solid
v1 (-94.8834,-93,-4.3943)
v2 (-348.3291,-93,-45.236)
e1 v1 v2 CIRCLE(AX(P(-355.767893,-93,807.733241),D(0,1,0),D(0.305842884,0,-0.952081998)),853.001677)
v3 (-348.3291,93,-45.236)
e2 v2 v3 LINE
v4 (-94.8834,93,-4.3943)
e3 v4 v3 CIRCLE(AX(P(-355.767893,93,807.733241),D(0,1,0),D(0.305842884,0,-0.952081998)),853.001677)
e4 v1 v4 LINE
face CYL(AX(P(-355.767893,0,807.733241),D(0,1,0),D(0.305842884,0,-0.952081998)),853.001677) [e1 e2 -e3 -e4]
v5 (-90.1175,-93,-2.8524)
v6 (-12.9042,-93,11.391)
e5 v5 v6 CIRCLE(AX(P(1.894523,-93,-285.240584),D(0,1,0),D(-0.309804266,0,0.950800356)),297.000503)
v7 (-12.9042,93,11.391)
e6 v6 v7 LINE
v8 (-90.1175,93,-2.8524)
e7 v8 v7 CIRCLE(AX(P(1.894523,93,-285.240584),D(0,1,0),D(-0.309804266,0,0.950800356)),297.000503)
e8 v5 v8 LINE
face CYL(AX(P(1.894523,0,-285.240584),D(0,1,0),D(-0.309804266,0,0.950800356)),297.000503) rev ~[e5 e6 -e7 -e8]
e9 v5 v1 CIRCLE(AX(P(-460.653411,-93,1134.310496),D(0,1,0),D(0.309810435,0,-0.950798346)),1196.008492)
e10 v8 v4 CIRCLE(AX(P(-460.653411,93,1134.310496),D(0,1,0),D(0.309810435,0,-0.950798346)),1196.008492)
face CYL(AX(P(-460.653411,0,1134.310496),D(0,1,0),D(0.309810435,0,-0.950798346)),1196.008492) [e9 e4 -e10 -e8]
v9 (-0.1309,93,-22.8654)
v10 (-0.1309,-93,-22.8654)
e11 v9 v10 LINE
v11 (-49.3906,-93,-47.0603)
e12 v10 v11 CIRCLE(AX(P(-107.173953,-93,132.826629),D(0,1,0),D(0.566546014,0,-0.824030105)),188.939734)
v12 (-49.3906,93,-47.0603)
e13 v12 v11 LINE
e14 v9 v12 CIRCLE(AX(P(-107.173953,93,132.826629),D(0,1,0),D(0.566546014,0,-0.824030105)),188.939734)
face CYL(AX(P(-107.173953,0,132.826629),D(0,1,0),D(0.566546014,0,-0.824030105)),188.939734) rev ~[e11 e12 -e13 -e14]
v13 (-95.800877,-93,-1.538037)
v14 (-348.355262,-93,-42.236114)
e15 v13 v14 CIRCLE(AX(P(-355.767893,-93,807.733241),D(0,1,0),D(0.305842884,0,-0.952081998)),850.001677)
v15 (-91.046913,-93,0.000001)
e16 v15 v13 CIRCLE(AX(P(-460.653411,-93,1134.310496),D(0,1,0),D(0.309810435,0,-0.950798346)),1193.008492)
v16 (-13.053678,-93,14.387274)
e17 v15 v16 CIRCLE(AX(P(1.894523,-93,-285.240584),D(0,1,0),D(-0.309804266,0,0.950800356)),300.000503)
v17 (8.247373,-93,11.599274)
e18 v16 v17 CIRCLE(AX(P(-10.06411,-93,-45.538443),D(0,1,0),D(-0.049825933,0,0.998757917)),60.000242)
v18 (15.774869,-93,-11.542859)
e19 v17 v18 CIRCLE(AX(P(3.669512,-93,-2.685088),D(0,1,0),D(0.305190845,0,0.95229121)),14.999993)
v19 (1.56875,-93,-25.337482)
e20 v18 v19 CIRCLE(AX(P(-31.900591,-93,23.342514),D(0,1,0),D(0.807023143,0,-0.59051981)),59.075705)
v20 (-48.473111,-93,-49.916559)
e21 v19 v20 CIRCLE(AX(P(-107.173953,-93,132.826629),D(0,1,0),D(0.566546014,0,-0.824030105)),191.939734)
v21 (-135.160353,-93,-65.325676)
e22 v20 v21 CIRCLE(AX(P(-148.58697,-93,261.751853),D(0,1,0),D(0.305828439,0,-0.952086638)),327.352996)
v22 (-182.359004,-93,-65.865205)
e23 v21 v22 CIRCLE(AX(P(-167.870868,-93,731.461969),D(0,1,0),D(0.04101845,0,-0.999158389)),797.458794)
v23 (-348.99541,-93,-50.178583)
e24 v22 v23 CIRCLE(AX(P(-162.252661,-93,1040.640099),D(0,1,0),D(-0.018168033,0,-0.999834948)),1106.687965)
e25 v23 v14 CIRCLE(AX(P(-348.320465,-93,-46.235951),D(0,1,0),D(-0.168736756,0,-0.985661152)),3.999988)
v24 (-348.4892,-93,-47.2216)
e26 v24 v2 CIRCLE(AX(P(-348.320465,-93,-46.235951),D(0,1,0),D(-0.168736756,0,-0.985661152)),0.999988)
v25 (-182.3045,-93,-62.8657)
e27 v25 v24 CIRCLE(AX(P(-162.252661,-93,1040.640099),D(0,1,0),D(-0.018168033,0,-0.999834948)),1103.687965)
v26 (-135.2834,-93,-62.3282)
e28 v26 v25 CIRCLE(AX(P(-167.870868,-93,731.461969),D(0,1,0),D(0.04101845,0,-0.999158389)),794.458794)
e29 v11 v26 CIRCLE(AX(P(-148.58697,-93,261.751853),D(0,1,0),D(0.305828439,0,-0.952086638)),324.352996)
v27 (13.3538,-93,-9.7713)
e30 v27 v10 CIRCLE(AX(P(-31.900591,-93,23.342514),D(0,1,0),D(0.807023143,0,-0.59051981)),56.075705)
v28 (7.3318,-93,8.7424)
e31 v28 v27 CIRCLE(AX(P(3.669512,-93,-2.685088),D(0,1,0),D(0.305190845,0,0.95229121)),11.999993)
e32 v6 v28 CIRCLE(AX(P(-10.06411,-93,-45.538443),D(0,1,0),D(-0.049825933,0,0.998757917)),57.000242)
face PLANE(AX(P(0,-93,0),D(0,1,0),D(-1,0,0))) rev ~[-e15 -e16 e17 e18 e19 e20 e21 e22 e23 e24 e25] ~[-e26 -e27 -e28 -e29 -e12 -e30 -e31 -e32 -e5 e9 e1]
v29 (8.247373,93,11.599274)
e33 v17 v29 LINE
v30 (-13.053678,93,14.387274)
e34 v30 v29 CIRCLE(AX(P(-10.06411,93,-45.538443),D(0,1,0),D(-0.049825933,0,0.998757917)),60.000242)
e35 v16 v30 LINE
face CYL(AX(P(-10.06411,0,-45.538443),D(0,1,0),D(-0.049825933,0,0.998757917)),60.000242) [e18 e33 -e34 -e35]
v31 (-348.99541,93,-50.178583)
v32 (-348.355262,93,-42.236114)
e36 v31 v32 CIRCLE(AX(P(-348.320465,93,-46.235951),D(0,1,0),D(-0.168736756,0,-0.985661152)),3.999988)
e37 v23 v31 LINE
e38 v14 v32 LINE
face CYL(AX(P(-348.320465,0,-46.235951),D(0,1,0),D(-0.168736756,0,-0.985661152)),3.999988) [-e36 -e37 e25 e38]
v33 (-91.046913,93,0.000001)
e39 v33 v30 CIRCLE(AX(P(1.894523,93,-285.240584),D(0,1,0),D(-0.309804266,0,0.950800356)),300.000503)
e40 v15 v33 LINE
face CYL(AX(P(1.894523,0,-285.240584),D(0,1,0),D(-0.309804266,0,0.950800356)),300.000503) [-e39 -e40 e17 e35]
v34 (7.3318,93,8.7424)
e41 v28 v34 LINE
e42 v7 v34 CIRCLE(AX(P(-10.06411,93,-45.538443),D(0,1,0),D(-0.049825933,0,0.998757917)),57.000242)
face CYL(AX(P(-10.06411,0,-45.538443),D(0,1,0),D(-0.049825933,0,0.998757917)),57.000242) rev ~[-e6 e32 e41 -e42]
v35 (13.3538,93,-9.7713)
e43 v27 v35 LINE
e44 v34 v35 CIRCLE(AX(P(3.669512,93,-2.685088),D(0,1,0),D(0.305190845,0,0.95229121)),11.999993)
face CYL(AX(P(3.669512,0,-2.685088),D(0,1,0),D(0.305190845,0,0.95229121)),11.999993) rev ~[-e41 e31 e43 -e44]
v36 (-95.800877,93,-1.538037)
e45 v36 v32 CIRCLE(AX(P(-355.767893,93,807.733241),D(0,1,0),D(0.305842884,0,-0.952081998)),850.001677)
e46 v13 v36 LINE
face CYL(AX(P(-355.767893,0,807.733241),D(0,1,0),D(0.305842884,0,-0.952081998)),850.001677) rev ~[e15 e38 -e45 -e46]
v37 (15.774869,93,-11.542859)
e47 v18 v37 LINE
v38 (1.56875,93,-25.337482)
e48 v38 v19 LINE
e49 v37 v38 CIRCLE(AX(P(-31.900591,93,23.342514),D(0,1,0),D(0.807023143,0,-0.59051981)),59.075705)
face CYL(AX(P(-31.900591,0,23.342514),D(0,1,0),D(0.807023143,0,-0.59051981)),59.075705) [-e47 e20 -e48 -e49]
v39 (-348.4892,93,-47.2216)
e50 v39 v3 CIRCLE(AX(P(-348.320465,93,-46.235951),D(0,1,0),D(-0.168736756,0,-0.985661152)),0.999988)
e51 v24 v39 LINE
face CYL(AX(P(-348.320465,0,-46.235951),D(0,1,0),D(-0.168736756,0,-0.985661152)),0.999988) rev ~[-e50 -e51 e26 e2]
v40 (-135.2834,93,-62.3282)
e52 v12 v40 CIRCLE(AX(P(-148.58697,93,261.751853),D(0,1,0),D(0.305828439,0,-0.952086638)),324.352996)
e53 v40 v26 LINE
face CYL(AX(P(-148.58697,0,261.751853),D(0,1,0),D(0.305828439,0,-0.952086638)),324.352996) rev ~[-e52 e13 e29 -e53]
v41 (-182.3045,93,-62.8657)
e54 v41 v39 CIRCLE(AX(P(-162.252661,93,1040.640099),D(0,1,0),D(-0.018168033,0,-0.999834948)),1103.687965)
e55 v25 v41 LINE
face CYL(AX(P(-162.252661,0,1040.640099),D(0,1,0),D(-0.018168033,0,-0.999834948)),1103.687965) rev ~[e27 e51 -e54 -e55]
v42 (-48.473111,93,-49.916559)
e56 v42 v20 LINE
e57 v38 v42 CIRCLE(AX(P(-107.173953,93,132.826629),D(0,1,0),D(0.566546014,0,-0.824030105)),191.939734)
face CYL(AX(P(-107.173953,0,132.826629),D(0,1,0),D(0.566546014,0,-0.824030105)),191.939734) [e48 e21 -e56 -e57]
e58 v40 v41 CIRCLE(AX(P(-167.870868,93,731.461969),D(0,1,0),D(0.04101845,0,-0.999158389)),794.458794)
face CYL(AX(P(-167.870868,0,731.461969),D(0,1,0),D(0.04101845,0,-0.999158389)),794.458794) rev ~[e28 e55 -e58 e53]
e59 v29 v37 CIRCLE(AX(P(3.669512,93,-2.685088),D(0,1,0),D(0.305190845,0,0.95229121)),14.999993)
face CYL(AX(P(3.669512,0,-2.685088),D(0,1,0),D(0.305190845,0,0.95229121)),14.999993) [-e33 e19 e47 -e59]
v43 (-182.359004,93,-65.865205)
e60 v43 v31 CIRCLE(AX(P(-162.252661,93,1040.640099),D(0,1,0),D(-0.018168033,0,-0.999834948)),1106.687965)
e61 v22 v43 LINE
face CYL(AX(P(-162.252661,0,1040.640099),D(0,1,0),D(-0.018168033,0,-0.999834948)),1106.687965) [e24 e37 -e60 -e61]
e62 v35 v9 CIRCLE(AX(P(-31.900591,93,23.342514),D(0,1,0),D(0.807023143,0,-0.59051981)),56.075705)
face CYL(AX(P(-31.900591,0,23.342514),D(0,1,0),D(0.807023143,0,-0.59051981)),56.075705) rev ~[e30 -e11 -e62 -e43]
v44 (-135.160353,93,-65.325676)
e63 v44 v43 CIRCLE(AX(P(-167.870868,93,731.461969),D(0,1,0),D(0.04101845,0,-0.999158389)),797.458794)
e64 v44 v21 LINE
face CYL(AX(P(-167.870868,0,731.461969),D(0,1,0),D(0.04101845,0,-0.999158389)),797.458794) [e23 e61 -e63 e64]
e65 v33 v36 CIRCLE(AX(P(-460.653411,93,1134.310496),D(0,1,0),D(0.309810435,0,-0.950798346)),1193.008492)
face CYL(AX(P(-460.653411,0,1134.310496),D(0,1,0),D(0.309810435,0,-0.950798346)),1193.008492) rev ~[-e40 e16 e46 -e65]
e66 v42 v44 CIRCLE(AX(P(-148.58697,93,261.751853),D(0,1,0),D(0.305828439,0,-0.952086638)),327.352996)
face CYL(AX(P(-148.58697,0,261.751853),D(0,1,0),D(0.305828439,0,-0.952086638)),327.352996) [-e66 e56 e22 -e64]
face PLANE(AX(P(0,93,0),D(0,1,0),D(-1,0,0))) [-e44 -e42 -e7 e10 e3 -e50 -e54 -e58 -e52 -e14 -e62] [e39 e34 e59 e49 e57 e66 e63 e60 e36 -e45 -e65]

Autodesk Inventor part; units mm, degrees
ref_plane "YZ Plane" through (0, 0, 0) normal (1, 0, 0) x (0, 1, 0)
ref_plane "XZ Plane" through (0, 0, 0) normal (0, 1, 0) x (-1, 0, 0)
ref_plane "XY Plane" through (0, 0, 0) normal (0, 0, 1) x (1, 0, 0)
sketch "スケッチ1" plane through (0, 0, 0) normal (0, 1, 0) x (-1, 0, 0)
  arc A0 (182.3045, -62.8657) -> (348.4892, -47.2216) centre (162.2533, 1040.6287) ccw projected
  arc A1 (135.2834, -62.3282) -> (182.3045, -62.8657) centre (167.871, 731.467) ccw projected
  arc A2 (49.3906, -47.0603) -> (135.2834, -62.3282) centre (148.588, 261.756) ccw projected
  arc A3 (0.1309, -22.8654) -> (49.3906, -47.0603) centre (107.173, 132.825) ccw projected
  arc A4 (-13.3538, -9.7713) -> (0.1309, -22.8654) centre (31.9, 23.342) ccw projected
  arc A5 (-7.3318, 8.7424) -> (-13.3538, -9.7713) centre (-3.6695, -2.6851) ccw projected
  arc A6 (12.9042, 11.391) -> (-7.3318, 8.7424) centre (10.0641, -45.5382) ccw projected
  arc A7 (90.1175, -2.8524) -> (12.9042, 11.391) centre (-1.8944, -285.2401) ccw projected
  arc A8 (90.1175, -2.8524) -> (94.8834, -4.3943) centre (462.8125, 1140.9603) ccw projected
  arc A9 (94.8834, -4.3943) -> (348.3291, -45.236) centre (355.7675, 807.7316) ccw projected
  arc A10 (348.4892, -47.2216) -> (348.3291, -45.236) centre (348.3204, -46.2359) ccw projected
  circle A11 centre (29.3651, -6.1392) radius 6 projected
  circle A12 centre (239.8151, -50.1371) radius 6 projected
  point P0 (0, 0)
extrude "押し出し1" add sketch "スケッチ1" along normal mid plane 186 contours A1 A2 A3 A4 A5 A6 A7 A8 A9 A10 A0 | A11 | A12
shell "シェル1" thickness 3 outward yes removed faces 2 at (-105.6232, 93, -25.6277) at (-105.6232, -93, -25.6277)
properties part number "GFRP_main"
